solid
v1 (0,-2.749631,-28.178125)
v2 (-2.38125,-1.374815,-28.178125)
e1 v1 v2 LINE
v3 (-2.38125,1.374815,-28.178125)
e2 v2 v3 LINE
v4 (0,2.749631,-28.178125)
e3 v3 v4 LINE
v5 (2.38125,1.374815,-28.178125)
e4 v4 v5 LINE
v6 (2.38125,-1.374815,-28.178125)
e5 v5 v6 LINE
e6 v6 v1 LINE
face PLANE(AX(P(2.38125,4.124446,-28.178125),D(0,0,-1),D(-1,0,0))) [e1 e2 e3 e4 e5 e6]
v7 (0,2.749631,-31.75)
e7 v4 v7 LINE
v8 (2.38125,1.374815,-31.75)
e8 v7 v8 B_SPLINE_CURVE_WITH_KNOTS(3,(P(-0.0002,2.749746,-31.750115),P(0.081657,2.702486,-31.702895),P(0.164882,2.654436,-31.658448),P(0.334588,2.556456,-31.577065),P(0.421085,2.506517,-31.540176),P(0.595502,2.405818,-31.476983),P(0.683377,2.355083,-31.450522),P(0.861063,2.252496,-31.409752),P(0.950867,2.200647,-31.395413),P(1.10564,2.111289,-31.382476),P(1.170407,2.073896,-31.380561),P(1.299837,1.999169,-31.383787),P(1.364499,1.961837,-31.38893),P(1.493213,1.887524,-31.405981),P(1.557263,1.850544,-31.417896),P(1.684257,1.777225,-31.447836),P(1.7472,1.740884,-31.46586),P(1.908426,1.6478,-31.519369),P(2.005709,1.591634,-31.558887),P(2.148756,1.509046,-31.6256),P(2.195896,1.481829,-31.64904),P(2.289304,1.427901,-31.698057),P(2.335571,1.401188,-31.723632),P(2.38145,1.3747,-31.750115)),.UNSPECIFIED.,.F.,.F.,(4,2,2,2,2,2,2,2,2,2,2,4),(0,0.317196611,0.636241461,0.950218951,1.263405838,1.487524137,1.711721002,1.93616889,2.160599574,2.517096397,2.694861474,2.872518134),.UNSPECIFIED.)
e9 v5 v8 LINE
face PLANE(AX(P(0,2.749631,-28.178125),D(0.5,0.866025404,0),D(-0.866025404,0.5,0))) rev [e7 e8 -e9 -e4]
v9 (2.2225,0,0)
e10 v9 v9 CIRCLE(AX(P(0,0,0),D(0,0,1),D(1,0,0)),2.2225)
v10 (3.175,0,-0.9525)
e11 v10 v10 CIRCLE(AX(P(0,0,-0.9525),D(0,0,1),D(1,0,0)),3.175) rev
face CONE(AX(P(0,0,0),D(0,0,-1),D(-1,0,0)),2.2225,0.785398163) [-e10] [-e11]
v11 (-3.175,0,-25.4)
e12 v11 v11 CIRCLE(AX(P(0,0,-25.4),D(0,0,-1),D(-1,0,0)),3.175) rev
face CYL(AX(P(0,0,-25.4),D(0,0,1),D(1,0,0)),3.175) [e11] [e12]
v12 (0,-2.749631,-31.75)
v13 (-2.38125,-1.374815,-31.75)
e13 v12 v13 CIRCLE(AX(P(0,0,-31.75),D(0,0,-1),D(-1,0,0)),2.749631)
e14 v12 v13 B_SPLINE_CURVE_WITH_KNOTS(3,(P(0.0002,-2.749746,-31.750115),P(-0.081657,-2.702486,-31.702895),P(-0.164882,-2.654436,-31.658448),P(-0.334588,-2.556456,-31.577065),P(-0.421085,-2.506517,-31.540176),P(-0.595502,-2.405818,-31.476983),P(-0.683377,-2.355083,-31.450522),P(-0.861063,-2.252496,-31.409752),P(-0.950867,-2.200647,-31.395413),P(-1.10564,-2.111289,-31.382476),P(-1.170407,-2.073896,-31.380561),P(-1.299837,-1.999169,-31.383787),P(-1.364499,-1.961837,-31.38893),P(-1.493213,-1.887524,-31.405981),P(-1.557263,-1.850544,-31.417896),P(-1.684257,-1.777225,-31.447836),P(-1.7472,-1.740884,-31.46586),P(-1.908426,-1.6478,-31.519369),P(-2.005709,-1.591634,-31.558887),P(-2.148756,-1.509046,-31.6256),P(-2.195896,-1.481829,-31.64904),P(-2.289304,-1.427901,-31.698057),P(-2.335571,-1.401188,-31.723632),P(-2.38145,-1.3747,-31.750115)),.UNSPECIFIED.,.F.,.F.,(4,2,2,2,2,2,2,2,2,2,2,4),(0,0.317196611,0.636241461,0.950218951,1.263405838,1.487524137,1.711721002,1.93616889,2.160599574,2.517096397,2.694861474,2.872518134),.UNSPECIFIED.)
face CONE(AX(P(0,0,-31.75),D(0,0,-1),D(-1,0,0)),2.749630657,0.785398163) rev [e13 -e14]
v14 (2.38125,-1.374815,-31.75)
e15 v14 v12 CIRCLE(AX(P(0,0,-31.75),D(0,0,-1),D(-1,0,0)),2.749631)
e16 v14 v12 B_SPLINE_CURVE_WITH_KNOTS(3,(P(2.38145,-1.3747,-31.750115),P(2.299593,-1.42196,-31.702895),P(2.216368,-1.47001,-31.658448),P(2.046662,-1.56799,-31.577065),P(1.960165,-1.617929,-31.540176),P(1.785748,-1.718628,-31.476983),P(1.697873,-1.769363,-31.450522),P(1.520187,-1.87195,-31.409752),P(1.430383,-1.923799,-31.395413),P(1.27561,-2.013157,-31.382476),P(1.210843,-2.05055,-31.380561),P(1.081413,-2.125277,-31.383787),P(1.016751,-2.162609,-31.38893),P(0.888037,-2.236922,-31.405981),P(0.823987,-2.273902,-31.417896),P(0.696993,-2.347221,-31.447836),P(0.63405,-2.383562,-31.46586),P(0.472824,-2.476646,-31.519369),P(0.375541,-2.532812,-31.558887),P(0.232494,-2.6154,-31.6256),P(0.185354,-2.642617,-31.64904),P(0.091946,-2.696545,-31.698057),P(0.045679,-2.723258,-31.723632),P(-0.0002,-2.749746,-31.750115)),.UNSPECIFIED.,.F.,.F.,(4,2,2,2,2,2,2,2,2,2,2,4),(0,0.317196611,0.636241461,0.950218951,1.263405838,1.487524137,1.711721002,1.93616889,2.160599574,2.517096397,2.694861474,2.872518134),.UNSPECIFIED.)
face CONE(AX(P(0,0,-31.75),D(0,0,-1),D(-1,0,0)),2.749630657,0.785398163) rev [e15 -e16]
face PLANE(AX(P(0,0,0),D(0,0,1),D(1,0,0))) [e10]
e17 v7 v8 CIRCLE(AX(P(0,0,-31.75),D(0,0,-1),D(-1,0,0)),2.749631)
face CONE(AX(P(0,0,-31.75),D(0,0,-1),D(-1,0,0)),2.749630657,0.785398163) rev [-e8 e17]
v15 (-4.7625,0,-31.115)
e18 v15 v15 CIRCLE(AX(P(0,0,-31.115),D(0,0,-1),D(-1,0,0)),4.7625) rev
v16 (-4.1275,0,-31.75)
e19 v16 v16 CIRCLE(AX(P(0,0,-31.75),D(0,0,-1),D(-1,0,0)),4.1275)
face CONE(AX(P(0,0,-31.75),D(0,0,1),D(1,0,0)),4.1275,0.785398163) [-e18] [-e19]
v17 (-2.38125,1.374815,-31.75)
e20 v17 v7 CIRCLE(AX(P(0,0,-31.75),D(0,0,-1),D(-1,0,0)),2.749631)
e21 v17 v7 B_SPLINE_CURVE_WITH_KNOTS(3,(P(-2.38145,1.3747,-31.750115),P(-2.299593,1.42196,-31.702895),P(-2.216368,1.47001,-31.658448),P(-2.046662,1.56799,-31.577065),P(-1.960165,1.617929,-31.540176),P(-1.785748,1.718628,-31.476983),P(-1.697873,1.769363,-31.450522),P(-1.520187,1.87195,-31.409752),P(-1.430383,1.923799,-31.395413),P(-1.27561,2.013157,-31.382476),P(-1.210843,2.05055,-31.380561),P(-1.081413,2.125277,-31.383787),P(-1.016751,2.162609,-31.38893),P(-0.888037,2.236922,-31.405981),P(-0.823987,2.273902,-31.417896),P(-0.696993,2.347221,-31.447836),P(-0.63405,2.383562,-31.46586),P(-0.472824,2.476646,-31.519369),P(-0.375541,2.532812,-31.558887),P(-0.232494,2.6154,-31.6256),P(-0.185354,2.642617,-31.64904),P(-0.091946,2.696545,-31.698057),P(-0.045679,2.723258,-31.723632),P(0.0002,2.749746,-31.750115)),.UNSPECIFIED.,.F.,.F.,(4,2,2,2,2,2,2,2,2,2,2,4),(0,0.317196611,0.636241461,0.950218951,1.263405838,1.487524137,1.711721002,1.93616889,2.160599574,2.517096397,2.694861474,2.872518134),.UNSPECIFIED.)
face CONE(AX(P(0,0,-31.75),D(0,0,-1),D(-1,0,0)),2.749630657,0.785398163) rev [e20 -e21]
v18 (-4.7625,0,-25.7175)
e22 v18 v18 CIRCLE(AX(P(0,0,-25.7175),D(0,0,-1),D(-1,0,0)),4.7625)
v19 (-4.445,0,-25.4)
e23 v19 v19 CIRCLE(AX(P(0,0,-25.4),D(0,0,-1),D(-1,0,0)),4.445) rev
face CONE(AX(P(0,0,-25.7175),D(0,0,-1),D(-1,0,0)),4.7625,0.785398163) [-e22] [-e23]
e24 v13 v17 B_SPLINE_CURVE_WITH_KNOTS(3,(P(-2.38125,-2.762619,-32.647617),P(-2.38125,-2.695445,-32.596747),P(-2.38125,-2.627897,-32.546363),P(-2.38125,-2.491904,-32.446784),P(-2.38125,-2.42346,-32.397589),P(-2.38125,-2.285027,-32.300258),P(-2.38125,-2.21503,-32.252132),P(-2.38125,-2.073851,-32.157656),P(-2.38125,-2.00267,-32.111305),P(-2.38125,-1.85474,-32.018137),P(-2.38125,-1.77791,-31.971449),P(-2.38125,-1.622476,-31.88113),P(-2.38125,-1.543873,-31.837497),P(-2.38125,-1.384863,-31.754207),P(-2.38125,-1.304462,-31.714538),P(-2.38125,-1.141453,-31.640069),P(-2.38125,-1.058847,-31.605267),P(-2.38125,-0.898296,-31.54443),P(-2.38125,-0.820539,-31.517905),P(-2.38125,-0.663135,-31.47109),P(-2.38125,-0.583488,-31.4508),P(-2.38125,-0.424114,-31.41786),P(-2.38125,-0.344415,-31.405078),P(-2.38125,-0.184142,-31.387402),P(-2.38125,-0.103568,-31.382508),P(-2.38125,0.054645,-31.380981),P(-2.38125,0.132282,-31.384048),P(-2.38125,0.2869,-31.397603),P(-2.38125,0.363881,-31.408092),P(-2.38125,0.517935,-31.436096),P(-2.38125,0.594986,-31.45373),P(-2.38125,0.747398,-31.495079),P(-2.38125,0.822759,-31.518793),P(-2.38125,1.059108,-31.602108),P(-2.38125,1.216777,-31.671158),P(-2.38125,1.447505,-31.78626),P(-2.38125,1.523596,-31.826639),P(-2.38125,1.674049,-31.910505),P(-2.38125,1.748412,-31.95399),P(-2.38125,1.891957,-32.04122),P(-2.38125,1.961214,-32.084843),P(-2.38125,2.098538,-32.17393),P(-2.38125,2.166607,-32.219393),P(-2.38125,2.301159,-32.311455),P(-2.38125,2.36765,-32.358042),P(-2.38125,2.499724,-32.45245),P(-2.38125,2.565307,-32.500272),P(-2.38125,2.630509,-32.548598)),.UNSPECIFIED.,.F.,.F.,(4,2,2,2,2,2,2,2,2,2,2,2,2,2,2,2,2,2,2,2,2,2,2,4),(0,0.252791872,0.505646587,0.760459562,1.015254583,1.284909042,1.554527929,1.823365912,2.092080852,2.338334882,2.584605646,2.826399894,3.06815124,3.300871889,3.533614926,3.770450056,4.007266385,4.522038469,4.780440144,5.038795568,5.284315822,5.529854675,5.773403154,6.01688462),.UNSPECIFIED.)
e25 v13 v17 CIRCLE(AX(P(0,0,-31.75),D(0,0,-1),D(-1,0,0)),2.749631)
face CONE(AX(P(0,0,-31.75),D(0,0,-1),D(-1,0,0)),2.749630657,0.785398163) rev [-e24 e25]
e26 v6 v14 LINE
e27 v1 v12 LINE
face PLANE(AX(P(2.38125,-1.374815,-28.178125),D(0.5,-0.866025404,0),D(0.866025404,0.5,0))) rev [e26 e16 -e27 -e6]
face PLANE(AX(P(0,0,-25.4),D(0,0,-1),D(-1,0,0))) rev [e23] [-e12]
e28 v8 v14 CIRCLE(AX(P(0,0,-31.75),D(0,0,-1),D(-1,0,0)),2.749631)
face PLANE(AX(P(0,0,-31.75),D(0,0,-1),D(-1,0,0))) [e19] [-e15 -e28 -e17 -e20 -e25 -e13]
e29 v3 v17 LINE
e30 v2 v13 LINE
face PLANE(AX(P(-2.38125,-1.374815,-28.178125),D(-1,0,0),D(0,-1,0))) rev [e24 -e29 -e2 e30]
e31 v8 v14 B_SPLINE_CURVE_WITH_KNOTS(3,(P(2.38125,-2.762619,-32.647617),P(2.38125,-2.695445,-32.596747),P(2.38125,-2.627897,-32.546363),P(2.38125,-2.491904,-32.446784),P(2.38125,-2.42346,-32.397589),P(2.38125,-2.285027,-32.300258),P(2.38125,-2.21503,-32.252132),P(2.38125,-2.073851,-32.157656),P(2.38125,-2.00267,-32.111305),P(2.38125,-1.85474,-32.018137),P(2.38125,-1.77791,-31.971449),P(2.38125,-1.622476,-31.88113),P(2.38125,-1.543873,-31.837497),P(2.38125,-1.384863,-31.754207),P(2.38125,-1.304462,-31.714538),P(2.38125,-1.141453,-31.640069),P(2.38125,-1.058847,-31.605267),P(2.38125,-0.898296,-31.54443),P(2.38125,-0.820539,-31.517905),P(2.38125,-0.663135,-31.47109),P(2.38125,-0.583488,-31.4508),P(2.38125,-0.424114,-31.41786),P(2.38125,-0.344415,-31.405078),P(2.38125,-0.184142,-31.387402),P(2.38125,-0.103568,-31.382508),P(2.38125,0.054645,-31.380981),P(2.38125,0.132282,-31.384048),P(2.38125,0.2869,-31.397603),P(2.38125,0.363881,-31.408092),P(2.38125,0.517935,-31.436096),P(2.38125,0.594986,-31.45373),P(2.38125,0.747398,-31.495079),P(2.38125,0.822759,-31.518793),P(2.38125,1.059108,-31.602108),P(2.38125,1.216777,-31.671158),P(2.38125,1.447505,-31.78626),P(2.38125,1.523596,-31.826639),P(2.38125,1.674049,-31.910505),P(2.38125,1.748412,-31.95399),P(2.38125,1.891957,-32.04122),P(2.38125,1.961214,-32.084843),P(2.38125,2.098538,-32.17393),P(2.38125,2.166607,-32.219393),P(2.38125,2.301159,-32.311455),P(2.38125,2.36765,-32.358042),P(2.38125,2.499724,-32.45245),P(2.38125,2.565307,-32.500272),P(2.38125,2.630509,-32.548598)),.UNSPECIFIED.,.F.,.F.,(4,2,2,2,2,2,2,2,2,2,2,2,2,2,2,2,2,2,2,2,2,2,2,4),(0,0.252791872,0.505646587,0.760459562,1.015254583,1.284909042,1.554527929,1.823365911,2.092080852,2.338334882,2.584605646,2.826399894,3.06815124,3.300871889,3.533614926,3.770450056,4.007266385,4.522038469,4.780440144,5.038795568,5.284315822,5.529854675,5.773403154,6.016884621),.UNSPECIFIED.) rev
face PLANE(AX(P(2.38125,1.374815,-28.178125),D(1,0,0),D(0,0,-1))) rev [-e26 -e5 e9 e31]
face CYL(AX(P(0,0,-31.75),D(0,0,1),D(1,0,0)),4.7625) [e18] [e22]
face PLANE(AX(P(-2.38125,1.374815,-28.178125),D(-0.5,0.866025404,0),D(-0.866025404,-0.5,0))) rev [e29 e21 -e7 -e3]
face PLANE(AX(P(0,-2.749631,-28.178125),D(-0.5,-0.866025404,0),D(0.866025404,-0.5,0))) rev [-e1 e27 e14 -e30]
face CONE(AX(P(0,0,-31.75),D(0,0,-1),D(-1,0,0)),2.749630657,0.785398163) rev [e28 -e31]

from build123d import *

# Parameters (mm, degrees)
SKETCH1_R          = 3.175
EXTRUDE1_DEPTH     = 25.4
CHAMFER3_SIZE      = 0.9525
SKETCH6_R          = 4.7625
EXTRUDE2_DEPTH     = 6.35
CUT_EXTRUDE1_DEPTH = 3.571875
SKETCH8_R          = 2.749630657
CUT_EXTRUDE2_DEPTH = 0.635
CUT_EXTRUDE2_DRAFT = -45
CHAMFER1_SIZE      = 0.635
CHAMFER2_SIZE      = 0.3175


with BuildPart() as part:
    # Sketch1 → Extrude1 (new body)
    with BuildSketch(Plane.XY):
        Circle(SKETCH1_R)
    extrude(amount=-EXTRUDE1_DEPTH)

    # Chamfer3
    chamfer3_edges = [part.edges().sort_by_distance(p)[0] for p in [
        (-3.175, 0, 0),
    ]]
    chamfer(chamfer3_edges, length=CHAMFER3_SIZE)

    # Sketch6 → Extrude2 (add)
    with BuildSketch(Plane(origin=(0, 0, -25.4), x_dir=(-1, 0, 0), z_dir=(0, 0, -1))):
        Circle(SKETCH6_R)
    extrude(amount=EXTRUDE2_DEPTH)

    # Sketch7 → Cut-Extrude1 (cut)
    with BuildSketch(Plane(origin=(0, 0, -31.75), x_dir=(-1, 0, 0), z_dir=(0, 0, -1))):
        Polygon((0, 2.749630657), (-2.38125, 1.374815329), (-2.38125, -1.374815329), (0, -2.749630657), (2.38125, -1.374815329), (2.38125, 1.374815329), align=None)
    extrude(amount=-CUT_EXTRUDE1_DEPTH, mode=Mode.SUBTRACT)


with BuildPart() as cut_extrude2_tool:
    # Sketch8 → Cut-Extrude2 (with draft: the straight prism first)
    with BuildSketch(Plane(origin=(0, 0, -31.75), x_dir=(-1, 0, 0), z_dir=(0, 0, -1))):
        Circle(SKETCH8_R)
    extrude(amount=-CUT_EXTRUDE2_DEPTH)
    # Cut-Extrude2: the draft: its side faces are tilted about the plane it starts from
    cut_extrude2_sides = [cut_extrude2_tool.faces().sort_by_distance(p)[0] for p in [
        (2.749630657, 0, -31.4325),
    ]]
    draft(cut_extrude2_sides, Plane(origin=(0, 0, -31.75), x_dir=(-1, 0, 0), z_dir=(0, 0, -1)), CUT_EXTRUDE2_DRAFT)


with BuildPart() as part_1:
    add(part.part)

    # Cut-Extrude2: cut by cut_extrude2_tool
    add(cut_extrude2_tool.part, mode=Mode.SUBTRACT)

    # Chamfer1
    chamfer1_edges = [part_1.edges().sort_by_distance(p)[0] for p in [
        (4.7625, 0, -31.75),
    ]]
    chamfer(chamfer1_edges, length=CHAMFER1_SIZE)

    # Chamfer2
    chamfer2_edges = [part_1.edges().sort_by_distance(p)[0] for p in [
        (4.7625, 0, -25.4),
    ]]
    chamfer(chamfer2_edges, length=CHAMFER2_SIZE)


solid = part_1.part
